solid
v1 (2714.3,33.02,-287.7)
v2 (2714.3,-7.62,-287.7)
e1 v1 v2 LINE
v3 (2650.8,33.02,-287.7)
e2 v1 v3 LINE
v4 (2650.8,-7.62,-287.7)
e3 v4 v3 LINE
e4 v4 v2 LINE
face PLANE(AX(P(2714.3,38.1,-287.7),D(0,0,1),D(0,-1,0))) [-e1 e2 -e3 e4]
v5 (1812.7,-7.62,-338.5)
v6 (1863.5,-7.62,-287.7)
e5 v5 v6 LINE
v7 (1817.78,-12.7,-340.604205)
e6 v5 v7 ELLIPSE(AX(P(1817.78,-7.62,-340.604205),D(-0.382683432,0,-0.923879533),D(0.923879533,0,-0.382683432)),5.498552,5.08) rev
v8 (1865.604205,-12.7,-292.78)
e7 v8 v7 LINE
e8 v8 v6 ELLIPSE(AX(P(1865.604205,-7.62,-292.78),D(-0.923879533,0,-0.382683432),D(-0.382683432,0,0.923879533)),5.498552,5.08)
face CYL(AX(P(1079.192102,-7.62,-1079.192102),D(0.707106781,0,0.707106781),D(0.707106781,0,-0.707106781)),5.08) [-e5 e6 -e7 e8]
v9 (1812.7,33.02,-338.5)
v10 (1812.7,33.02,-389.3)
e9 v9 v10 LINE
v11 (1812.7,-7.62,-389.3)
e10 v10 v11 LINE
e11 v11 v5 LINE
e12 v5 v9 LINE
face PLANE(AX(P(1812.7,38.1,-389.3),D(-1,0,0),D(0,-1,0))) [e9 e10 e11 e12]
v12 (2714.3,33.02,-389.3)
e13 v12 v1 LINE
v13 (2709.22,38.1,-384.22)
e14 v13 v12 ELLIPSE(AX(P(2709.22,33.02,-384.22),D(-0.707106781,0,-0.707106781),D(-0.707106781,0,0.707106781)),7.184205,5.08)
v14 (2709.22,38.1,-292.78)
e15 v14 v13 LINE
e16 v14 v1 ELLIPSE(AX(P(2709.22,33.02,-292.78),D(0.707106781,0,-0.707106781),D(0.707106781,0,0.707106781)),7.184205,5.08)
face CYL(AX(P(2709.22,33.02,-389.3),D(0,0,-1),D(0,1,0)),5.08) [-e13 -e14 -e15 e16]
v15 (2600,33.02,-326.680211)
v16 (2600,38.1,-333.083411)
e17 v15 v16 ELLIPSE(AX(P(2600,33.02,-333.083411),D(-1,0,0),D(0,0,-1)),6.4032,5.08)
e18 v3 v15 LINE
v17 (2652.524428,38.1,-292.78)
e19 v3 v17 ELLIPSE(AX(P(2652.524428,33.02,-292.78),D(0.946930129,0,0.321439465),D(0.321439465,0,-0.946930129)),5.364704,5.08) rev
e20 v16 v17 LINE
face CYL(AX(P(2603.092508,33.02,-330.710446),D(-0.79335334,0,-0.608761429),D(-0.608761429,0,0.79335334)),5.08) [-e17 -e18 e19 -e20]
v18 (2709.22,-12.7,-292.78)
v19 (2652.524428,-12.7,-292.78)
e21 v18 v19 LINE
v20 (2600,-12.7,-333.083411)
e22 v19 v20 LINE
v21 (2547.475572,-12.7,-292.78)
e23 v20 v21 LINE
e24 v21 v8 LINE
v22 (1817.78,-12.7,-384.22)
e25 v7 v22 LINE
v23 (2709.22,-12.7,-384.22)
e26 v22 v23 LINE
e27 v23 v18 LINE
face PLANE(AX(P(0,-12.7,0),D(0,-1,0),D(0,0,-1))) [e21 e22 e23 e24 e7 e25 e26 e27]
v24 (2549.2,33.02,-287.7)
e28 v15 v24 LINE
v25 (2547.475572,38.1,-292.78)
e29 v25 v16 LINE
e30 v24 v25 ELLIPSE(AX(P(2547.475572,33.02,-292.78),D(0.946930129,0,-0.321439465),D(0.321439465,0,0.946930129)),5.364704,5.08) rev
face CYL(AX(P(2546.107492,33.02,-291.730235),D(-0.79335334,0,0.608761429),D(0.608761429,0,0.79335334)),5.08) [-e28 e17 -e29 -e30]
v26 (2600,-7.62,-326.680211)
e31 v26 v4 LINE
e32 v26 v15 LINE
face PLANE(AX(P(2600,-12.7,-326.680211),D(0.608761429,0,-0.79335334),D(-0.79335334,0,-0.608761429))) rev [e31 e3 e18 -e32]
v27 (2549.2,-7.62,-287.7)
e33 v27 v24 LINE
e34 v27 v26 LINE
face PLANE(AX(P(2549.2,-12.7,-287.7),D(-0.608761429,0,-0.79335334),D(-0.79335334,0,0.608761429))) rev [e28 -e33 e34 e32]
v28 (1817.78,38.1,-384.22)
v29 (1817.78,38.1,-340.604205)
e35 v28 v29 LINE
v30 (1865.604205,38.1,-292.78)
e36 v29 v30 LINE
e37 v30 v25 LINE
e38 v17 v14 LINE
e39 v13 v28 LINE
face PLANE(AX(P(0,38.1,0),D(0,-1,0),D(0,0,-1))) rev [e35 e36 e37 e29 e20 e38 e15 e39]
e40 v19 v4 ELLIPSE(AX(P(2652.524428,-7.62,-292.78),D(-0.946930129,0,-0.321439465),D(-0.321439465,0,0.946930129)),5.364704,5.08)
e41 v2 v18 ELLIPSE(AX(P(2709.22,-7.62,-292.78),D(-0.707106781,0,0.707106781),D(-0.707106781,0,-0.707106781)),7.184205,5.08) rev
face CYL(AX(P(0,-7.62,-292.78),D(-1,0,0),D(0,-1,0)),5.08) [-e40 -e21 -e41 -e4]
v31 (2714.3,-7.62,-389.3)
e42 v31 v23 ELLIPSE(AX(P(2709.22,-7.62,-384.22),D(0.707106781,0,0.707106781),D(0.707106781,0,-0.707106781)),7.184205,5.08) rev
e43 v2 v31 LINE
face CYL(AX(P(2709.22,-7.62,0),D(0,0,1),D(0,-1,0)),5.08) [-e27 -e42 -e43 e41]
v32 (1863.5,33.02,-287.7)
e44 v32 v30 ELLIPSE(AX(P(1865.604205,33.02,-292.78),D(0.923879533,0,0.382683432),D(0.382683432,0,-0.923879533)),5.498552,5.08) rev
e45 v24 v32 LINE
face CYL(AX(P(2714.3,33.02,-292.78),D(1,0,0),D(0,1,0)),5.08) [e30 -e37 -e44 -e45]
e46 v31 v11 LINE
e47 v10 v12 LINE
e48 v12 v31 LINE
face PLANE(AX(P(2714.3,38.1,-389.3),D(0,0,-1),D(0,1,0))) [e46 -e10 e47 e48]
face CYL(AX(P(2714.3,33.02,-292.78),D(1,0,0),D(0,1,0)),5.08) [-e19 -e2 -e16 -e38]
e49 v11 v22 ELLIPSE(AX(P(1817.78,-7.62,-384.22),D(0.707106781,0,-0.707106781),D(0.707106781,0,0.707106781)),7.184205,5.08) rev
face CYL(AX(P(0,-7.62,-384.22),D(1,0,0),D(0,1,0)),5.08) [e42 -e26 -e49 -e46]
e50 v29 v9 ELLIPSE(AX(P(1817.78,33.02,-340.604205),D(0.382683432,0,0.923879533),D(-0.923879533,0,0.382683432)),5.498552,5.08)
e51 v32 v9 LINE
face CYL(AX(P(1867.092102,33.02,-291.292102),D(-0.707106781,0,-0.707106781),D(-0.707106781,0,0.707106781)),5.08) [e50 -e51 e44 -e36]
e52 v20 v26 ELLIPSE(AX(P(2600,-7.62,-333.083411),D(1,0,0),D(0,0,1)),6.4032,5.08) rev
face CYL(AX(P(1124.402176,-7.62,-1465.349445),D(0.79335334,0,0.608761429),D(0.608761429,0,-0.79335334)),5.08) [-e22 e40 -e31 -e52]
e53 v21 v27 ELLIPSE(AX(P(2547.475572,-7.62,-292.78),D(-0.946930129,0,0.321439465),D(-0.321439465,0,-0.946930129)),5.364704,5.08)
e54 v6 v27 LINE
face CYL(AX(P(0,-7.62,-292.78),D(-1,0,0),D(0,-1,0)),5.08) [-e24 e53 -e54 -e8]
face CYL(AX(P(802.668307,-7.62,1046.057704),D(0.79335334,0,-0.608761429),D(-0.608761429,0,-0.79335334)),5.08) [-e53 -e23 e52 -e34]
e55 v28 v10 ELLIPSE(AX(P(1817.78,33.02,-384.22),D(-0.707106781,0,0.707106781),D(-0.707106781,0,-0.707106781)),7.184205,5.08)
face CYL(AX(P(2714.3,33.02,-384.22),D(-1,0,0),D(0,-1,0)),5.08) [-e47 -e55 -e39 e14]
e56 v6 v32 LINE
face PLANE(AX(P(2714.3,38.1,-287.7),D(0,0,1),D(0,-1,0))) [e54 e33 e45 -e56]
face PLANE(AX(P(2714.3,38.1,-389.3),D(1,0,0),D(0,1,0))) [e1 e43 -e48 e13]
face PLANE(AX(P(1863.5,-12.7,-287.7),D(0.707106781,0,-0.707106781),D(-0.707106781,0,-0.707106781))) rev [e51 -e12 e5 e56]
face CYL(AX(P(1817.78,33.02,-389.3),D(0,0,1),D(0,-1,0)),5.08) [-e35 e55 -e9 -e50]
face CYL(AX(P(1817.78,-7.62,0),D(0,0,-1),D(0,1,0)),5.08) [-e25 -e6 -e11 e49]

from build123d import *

# Parameters (mm, degrees)
SKETCH1_W           = 901.6
SKETCH1_H           = 101.6
BOSS_EXTRUDE1_DEPTH = 50.8
CUT_EXTRUDE1_DEPTH  = 51.8
FILLET1_R           = 5.08


with BuildPart() as part:
    # Sketch1 → Boss-Extrude1 (new body)
    with BuildSketch(Plane(origin=(0, -12.7, 0), x_dir=(-1, 0, 0), z_dir=(0, -1, 0))):
        with Locations((-2263.5, 338.5)):
            Rectangle(SKETCH1_W, SKETCH1_H)
    extrude(amount=-BOSS_EXTRUDE1_DEPTH)

    # Sketch3 → Cut-Extrude1 (cut, through all)
    with BuildSketch(Plane(origin=(0, 38.1, 0), x_dir=(1, 0, 0), z_dir=(0, 1, 0))):
        Polygon((2549.2, 287.7), (2600, 326.680210989), (2650.8, 287.7), align=None)
        Polygon((1812.7, 338.5), (1812.7, 287.7), (1863.5, 287.7), align=None)
    extrude(amount=-CUT_EXTRUDE1_DEPTH, mode=Mode.SUBTRACT)

    # Fillet1
    fillet1_edges = [part.edges().sort_by_distance(p)[0] for p in [
        (2206.35, -12.7, -287.7),
        (1812.7, -12.7, -363.9),
        (2263.5, 38.1, -389.3),
        (1812.7, 38.1, -363.9),
        (2206.35, 38.1, -287.7),
        (2574.6, -12.7, -307.190105495),
        (2625.4, -12.7, -307.190105495),
        (2625.4, 38.1, -307.190105495),
        (2574.6, 38.1, -307.190105495),
        (1838.1, -12.7, -313.1),
        (1838.1, 38.1, -313.1),
        (2714.3, 38.1, -338.5),
        (2263.5, -12.7, -389.3),
        (2682.55, -12.7, -287.7),
        (2714.3, -12.7, -338.5),
        (2682.55, 38.1, -287.7),
    ]]
    fillet(fillet1_edges, radius=FILLET1_R)


solid = part.part
